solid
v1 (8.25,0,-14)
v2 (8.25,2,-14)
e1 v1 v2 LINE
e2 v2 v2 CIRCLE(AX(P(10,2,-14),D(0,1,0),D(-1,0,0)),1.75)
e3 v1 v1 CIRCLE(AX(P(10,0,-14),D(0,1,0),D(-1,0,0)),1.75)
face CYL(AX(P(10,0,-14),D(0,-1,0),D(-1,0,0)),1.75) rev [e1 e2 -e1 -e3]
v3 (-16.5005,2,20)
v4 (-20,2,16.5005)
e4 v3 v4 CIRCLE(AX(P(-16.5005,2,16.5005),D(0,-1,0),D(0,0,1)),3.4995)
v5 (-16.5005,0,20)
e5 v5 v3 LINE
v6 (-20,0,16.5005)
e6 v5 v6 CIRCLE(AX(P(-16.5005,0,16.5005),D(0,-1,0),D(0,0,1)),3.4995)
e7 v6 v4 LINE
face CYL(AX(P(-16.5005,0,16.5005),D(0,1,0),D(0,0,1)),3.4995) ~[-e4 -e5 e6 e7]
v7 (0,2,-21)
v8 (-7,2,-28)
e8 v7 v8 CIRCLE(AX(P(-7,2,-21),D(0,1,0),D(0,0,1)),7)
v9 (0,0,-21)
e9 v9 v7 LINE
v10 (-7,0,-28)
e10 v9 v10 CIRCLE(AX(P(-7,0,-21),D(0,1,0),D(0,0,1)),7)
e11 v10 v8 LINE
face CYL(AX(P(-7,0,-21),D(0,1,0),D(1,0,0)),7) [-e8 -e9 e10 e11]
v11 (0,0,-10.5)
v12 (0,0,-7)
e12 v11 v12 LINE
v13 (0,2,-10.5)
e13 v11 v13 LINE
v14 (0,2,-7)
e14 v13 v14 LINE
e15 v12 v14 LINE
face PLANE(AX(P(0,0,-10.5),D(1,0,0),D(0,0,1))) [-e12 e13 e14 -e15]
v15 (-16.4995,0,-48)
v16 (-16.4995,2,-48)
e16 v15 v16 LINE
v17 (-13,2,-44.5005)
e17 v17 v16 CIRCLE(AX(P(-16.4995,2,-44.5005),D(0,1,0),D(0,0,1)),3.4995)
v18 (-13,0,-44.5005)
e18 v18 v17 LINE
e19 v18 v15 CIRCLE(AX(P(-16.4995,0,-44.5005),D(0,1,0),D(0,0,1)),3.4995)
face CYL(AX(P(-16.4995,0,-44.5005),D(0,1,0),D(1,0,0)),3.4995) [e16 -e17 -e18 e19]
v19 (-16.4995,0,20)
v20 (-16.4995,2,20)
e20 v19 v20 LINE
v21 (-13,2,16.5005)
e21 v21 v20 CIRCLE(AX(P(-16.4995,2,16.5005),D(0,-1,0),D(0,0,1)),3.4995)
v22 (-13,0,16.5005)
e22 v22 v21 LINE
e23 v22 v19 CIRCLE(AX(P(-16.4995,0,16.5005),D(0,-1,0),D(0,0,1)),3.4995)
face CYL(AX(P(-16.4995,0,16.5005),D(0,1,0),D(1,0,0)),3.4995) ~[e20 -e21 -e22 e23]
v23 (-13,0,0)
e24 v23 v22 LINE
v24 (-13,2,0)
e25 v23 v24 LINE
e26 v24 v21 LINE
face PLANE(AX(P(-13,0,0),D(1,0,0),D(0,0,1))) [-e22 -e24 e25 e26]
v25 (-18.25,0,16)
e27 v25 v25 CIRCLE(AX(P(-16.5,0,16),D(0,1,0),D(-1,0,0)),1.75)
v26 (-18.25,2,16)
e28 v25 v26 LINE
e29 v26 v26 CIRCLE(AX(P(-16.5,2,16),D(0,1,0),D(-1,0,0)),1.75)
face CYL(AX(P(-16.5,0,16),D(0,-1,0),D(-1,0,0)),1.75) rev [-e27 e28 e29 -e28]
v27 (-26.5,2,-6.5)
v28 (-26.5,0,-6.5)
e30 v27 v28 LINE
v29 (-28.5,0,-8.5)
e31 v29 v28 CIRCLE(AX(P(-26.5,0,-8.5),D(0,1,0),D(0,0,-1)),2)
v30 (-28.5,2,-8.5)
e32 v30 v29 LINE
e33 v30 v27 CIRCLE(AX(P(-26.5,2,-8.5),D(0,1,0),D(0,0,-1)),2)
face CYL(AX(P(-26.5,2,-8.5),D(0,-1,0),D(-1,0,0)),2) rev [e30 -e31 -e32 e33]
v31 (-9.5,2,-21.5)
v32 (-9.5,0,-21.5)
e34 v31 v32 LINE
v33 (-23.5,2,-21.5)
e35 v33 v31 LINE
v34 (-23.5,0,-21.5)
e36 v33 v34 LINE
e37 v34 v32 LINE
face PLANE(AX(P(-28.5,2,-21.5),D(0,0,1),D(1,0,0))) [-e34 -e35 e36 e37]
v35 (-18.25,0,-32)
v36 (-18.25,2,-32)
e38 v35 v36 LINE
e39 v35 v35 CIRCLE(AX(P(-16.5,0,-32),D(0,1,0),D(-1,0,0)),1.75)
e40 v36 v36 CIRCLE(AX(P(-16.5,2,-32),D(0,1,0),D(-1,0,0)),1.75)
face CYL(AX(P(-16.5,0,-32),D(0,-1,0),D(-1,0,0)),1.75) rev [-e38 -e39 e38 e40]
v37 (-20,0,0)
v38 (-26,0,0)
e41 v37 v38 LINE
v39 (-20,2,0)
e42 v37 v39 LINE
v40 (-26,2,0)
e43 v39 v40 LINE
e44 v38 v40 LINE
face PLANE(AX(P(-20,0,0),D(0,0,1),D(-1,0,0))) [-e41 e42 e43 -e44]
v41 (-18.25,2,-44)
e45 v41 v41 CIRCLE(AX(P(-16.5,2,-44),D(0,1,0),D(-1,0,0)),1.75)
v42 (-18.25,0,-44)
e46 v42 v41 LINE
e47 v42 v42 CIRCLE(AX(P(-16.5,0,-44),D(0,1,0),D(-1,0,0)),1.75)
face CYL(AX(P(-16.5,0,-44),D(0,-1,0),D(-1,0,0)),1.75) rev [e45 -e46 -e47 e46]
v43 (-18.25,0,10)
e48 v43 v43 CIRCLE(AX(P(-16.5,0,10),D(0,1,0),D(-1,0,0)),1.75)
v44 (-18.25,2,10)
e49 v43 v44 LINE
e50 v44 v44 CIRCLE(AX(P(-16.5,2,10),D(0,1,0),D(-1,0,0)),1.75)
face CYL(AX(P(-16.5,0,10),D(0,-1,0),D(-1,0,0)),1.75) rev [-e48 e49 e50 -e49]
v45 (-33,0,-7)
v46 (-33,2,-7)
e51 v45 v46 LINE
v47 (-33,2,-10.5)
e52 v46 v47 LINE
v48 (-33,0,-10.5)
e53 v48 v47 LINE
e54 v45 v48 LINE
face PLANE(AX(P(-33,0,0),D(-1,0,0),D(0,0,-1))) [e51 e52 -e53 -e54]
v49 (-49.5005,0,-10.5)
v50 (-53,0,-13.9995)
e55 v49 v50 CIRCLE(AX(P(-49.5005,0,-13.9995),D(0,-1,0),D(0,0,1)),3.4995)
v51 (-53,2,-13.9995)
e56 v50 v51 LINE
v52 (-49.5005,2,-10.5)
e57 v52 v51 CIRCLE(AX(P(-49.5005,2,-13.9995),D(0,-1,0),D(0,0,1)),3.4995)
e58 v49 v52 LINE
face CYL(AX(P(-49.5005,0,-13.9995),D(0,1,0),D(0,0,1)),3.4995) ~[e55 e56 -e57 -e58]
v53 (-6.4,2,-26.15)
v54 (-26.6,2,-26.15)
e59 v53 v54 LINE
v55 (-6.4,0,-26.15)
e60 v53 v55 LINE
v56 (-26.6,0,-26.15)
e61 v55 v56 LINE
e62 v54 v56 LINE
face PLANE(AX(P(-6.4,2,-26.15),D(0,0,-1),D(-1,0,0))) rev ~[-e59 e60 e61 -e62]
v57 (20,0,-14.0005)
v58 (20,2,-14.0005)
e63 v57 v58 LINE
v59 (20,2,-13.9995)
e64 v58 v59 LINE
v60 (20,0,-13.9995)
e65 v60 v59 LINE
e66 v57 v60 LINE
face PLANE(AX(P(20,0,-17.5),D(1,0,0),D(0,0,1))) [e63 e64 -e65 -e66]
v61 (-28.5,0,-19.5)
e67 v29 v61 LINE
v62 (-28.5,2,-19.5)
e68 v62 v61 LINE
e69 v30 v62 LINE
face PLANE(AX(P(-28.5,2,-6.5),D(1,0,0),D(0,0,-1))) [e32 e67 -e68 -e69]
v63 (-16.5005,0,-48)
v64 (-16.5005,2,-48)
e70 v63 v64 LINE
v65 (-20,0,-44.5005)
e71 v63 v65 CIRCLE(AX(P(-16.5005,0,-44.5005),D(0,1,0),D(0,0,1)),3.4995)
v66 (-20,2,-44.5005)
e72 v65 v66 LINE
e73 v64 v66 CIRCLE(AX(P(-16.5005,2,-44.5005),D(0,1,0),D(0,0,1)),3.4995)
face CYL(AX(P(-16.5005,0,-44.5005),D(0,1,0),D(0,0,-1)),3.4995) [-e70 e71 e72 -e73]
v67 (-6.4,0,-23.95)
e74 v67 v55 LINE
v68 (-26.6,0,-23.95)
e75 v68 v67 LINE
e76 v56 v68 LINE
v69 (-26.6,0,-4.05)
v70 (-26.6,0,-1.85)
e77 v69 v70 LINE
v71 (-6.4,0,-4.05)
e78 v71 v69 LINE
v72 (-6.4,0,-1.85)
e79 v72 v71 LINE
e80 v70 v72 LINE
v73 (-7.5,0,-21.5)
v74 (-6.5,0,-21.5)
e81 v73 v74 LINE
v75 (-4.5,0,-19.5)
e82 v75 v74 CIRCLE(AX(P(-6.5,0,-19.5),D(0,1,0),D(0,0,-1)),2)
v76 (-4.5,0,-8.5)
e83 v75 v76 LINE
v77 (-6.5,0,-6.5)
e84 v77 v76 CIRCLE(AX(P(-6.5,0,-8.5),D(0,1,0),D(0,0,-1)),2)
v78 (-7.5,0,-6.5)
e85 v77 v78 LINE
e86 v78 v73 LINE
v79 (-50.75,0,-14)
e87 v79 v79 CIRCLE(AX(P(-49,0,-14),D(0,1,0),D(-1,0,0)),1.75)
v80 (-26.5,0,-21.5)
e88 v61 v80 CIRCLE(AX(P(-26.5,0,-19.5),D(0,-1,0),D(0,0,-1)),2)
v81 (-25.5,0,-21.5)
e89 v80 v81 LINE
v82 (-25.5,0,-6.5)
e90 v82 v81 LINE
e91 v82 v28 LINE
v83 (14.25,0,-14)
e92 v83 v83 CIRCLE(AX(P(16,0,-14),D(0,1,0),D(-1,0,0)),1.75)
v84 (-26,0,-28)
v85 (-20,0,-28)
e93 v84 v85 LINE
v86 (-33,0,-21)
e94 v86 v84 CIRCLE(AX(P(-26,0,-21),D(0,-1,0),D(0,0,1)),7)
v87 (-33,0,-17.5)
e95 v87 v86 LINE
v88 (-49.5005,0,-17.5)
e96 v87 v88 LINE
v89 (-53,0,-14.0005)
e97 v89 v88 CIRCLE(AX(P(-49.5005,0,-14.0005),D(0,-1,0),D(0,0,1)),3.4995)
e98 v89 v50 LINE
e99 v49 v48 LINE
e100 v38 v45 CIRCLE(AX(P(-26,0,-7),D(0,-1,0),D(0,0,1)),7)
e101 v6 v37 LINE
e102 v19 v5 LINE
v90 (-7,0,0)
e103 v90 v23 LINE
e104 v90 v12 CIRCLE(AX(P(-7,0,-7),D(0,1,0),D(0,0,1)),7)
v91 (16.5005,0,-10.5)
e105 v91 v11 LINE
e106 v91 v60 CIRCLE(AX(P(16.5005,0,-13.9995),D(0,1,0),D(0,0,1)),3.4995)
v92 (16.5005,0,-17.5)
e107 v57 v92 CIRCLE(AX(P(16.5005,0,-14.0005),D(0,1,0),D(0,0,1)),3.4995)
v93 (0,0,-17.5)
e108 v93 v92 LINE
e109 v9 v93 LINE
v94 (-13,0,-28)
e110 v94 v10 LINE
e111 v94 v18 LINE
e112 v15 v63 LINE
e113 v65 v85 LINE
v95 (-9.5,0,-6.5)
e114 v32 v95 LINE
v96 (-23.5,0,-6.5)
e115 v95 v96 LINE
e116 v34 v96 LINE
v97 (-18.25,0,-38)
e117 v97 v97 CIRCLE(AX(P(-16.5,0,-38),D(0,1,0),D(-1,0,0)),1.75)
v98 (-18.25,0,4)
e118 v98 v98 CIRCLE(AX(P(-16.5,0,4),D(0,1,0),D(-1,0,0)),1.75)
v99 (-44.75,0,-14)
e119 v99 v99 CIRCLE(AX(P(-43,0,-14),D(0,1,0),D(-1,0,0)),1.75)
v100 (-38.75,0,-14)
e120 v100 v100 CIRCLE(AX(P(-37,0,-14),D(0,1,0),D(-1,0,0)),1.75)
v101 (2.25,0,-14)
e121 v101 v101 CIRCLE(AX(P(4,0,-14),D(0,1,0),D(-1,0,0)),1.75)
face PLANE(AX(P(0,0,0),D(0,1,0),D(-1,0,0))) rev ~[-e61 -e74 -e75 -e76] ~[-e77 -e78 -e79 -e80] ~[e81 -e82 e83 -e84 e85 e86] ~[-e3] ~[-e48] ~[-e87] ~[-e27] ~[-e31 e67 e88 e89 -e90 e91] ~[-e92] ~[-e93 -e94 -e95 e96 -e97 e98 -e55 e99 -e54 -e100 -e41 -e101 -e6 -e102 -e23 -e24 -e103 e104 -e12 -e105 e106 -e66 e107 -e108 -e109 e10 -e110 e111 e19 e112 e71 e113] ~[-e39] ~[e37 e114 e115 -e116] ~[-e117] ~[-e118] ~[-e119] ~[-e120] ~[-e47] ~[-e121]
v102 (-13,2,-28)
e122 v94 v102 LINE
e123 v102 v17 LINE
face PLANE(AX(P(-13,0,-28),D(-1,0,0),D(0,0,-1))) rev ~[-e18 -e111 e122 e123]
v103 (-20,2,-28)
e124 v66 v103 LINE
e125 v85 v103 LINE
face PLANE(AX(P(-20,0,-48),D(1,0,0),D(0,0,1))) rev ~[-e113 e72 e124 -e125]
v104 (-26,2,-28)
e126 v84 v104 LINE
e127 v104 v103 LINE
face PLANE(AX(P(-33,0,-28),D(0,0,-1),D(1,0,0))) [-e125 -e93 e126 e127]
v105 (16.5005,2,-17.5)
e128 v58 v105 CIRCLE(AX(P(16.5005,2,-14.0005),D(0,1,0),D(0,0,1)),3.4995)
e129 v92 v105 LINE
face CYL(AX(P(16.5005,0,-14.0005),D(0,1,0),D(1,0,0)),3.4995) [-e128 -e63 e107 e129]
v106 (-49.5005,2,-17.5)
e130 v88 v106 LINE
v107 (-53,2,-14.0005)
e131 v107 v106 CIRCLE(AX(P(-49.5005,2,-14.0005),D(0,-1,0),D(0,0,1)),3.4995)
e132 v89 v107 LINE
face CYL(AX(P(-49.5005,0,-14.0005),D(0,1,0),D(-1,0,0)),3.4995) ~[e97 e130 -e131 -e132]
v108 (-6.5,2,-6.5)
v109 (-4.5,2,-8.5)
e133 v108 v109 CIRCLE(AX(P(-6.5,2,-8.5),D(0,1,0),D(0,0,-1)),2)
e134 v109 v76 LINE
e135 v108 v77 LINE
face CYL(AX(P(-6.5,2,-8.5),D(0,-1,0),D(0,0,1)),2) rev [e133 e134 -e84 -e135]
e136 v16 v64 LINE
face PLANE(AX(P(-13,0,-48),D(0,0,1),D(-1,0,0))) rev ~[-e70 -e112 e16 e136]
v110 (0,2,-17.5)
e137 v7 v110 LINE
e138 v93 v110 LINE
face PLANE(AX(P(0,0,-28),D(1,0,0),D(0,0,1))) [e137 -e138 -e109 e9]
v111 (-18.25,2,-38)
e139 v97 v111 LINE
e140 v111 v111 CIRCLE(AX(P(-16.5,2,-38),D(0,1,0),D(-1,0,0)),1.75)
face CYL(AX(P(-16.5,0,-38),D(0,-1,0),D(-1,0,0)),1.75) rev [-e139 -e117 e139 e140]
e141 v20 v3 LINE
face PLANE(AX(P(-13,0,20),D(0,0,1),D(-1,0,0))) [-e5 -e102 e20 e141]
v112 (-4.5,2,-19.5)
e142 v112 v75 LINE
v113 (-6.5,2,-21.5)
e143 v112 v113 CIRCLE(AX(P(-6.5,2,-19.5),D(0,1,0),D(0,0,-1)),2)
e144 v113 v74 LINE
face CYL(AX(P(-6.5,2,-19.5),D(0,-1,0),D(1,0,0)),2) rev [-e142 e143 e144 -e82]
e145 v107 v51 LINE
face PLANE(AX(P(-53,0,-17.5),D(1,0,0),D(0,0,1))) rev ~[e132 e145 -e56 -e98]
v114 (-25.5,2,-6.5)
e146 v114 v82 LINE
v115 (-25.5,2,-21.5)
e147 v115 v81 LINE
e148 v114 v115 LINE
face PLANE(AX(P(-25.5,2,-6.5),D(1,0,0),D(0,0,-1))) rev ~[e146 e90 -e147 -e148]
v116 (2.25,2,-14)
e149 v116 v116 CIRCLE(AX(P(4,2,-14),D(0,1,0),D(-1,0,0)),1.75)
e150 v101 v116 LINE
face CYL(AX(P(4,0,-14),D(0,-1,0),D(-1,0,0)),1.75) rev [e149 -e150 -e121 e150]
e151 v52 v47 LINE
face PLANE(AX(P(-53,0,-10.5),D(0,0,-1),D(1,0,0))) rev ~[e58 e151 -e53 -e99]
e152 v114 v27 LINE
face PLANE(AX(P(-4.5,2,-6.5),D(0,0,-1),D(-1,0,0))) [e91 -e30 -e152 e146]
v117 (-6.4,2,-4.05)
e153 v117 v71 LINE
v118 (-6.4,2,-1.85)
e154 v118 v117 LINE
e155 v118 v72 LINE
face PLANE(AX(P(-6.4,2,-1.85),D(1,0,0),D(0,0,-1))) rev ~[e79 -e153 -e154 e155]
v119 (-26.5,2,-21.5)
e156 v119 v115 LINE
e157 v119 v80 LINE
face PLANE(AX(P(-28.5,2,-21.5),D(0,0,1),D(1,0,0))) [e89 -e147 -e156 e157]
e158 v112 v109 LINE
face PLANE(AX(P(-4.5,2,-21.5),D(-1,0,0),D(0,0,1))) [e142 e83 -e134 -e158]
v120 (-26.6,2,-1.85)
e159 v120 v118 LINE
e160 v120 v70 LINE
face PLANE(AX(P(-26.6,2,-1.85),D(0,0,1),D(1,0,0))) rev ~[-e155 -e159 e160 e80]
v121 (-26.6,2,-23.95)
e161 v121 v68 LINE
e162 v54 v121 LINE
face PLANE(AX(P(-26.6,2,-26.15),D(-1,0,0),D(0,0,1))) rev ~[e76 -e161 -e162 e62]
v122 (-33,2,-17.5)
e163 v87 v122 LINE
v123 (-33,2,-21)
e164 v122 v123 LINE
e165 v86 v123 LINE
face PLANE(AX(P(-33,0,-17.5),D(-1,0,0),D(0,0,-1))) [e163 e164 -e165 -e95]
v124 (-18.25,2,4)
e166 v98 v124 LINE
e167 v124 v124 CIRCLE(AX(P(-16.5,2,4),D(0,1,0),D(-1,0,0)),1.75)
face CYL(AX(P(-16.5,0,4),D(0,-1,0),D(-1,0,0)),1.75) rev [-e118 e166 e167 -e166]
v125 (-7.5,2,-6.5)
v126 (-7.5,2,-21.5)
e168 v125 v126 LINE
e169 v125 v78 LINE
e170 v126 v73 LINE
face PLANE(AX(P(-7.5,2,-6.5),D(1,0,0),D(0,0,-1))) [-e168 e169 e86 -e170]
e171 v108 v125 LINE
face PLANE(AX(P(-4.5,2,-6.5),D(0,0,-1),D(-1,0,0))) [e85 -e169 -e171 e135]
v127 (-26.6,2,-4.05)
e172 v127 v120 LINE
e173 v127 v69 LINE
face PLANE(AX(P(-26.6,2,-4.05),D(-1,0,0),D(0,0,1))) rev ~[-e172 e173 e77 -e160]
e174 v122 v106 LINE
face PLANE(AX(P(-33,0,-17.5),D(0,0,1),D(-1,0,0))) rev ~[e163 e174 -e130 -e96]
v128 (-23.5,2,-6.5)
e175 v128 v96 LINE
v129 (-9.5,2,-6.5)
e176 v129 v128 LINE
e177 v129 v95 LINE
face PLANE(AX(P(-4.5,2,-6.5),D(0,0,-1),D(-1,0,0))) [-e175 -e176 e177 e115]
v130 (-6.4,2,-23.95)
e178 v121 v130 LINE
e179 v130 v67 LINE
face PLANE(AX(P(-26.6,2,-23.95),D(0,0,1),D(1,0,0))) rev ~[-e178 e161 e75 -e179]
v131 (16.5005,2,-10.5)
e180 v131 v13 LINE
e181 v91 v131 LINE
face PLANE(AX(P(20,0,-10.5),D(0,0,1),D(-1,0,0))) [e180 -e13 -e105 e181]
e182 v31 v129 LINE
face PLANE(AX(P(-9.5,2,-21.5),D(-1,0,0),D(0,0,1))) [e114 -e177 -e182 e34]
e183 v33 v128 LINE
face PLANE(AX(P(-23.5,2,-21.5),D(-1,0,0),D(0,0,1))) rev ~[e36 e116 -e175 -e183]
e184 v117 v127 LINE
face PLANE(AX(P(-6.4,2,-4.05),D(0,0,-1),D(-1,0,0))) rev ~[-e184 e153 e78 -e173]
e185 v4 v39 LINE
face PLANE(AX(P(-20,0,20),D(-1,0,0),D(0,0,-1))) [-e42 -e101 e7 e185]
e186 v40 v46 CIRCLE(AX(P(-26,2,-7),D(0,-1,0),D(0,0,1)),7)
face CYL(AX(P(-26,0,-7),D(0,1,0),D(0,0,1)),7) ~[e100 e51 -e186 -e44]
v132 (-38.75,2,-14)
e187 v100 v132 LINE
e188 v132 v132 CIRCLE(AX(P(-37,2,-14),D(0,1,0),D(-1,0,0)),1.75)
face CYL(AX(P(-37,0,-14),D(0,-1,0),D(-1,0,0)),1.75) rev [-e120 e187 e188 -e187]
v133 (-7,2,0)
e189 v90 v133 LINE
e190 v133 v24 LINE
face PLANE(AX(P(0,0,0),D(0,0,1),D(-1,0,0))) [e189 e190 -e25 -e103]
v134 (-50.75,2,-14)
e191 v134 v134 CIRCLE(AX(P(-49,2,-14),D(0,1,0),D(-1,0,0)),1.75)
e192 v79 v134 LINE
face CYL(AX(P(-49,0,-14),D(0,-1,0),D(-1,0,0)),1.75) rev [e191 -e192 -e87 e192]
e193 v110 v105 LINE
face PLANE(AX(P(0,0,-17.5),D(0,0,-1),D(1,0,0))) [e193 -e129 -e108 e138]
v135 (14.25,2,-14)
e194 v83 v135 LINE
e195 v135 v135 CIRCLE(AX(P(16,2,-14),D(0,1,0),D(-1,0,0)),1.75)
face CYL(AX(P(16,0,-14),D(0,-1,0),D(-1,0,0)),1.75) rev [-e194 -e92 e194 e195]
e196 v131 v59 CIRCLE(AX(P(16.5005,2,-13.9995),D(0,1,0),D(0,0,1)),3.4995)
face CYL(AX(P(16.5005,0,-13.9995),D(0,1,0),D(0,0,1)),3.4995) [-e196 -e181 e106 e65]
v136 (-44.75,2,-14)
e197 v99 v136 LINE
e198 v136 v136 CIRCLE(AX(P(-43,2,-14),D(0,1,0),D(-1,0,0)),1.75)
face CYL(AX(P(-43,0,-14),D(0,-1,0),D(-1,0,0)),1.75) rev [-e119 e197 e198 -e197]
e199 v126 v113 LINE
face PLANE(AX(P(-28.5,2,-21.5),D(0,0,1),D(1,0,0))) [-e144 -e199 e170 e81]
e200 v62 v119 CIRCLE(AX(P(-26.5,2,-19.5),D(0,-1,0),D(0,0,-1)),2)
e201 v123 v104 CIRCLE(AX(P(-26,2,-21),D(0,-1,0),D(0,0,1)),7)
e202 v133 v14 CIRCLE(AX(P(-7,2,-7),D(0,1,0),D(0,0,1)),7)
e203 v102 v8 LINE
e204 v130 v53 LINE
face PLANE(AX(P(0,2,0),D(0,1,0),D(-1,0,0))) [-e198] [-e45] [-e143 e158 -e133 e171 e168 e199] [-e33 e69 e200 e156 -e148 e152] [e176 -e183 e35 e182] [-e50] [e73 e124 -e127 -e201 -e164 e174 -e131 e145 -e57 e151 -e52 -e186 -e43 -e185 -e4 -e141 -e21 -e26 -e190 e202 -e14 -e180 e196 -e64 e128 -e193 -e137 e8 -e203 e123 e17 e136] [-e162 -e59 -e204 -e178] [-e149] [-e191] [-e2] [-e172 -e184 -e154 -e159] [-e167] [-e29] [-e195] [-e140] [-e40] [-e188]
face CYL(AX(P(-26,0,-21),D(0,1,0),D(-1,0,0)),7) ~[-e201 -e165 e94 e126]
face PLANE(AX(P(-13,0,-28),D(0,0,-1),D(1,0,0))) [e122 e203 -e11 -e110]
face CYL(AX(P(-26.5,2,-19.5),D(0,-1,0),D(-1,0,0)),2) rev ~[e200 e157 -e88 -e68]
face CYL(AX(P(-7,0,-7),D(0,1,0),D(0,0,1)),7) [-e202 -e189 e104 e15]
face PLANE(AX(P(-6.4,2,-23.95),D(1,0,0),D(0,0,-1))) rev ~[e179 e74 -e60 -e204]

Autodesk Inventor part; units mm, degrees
ref_plane "YZ Plane" through (0, 0, 0) normal (1, 0, 0) x (0, 1, 0)
ref_plane "XZ Plane" through (0, 0, 0) normal (0, 1, 0) x (-1, 0, 0)
ref_plane "XY Plane" through (0, 0, 0) normal (0, 0, 1) x (1, 0, 0)
sketch "Sketch1" plane through (0, 0, 0) normal (0, 1, 0) x (-1, 0, 0)
  line L0 (0, 0) -> (33, 0)
  line L1 (33, 0) -> (33, -28)
  line L2 (33, -28) -> (0, -28)
  line L3 (0, -28) -> (0, 0)
  line L4 (0, -17.5) -> (-20, -17.5)
  line L5 (-20, -17.5) -> (-20, -10.5)
  line L6 (-20, -10.5) -> (0, -10.5)
  line L7 (0, -10.5) -> (0, -17.5)
  line L8 (33, -17.5) -> (53, -17.5)
  line L9 (53, -17.5) -> (53, -10.5)
  line L10 (53, -10.5) -> (33, -10.5)
  line L11 (33, -10.5) -> (33, -17.5)
  line L12 (20, -28) -> (13, -28)
  line L13 (13, -28) -> (13, -48)
  line L14 (13, -48) -> (20, -48)
  line L15 (20, -48) -> (20, -28)
  line L16 (20, 0) -> (13, 0)
  line L17 (13, 0) -> (13, 20)
  line L18 (13, 20) -> (20, 20)
  line L19 (20, 20) -> (20, 0)
  circle A0 centre (16.5, -44) radius 1.75
  circle A1 centre (-16, -14) radius 1.75
  circle A2 centre (16.5, 16) radius 1.75
  circle A3 centre (49, -14) radius 1.75
  line L20 (16.5, -44) -> (16.5, -48) construction
  line L21 (-16, -14) -> (-20, -14) construction
  line L22 (16.5, 16) -> (16.5, 20) construction
  line L23 (49, -14) -> (53, -14) construction
  circle A4 centre (43, -14) radius 1.75
  circle A5 centre (37, -14) radius 1.75
  circle A6 centre (16.5, -38) radius 1.75
  circle A7 centre (16.5, -32) radius 1.75
  circle A8 centre (-10, -14) radius 1.75
  circle A9 centre (-4, -14) radius 1.75
  circle A10 centre (16.5, 10) radius 1.75
  circle A11 centre (16.5, 4) radius 1.75
  point P0 (16.5, -28)
  point P1 (16.5, 0)
  point P2 (0, -14)
  point P3 (33, -14)
  dimension "d0" = 33
  dimension "d1" = 28
  dimension "d29" = 7
  dimension "d34" = 20
  dimension "d35" = 4
  dimension "d36" = 3.5
  dimension "d44" = 6
  dimension "d51" = 6
  dimension "d58" = 6
  dimension "d65" = 6
extrude "Extrusion1" add sketch "Sketch1" along normal blind 2
sketch "Sketch2" plane through (0, 2, 0) normal (0, 1, 0) x (1, 0, 0)
  line L0 (0, 28) -> (-13, 28) projected
  line L1 (-33, 28) -> (-33, 17.5) projected
  line L2 (-33, 0) -> (-20, 0) projected
  line L3 (0, 0) -> (0, 10.5) projected
  line L4 (-26.6, 1.85) -> (-6.4, 1.85)
  line L5 (-6.4, 1.85) -> (-6.4, 4.05)
  line L6 (-6.4, 4.05) -> (-26.6, 4.05)
  line L7 (-26.6, 4.05) -> (-26.6, 1.85)
  line L8 (-26.6, 23.95) -> (-6.4, 23.95)
  line L9 (-6.4, 23.95) -> (-6.4, 26.15)
  line L10 (-6.4, 26.15) -> (-26.6, 26.15)
  line L11 (-26.6, 26.15) -> (-26.6, 23.95)
  line L12 (-26.6, 1.85) -> (-33, 1.85)
  line L13 (-26.6, 1.85) -> (-26.6, 0)
  line L14 (-26.6, 26.15) -> (-26.6, 28)
  line L15 (-6.4, 4.05) -> (0, 4.05)
  line L16 (-13, 28) -> (-13, 48) projected
  line L17 (-13, 48) -> (-20, 48) projected
  line L18 (-20, 48) -> (-20, 28) projected
  line L19 (-20, 28) -> (-33, 28) projected
  line L20 (-33, 17.5) -> (-53, 17.5) projected
  line L21 (-53, 17.5) -> (-53, 10.5) projected
  line L22 (-53, 10.5) -> (-33, 10.5) projected
  line L23 (-33, 10.5) -> (-33, 0) projected
  line L24 (-20, 0) -> (-20, -20) projected
  line L25 (-20, -20) -> (-13, -20) projected
  line L26 (-13, -20) -> (-13, 0) projected
  line L27 (-13, 0) -> (0, 0) projected
  line L28 (0, 10.5) -> (20, 10.5) projected
  line L29 (20, 10.5) -> (20, 17.5) projected
  line L30 (20, 17.5) -> (0, 17.5) projected
  line L31 (0, 17.5) -> (0, 28) projected
  line L32 (-28.5, 21.5) -> (-4.5, 21.5)
  line L33 (-4.5, 21.5) -> (-4.5, 6.5)
  line L34 (-4.5, 6.5) -> (-28.5, 6.5)
  line L35 (-28.5, 6.5) -> (-28.5, 21.5)
  line L36 (-28.5, 21.5) -> (-4.5, 6.5) construction
  line L37 (-4.5, 21.5) -> (-28.5, 6.5) construction
  point P0 (-16.5, 14)
  point P1 (-16.5, 23.95)
  point P2 (20, 14)
  dimension "d4" = 2.2
  dimension "d5" = 20.2
  dimension "d6" = 19.9
  dimension "d37" = 24
  dimension "d38" = 15
extrude "Extrusion2" cut sketch "Sketch2" against normal through all contours L10 L9 L8 L11 | L5 L4 L7 L6 | L32 L33 L34 L35
fillet "Fillet1" radius 3.5 8 edges at (-20, 1, 20) (-13, 1, 20) (20, 1, -10.5) (20, 1, -17.5) (-13, 1, -48) (-20, 1, -48) (-53, 1, -17.5) (-53, 1, -10.5)
fillet "Fillet2" radius 7 4 edges at (-33, 1, 0) (-33, 1, -28) (0, 1, -28) (0, 1, 0)
fillet "Fillet3" radius 2 4 edges at (-28.5, 1, -21.5) (-4.5, 1, -21.5) (-28.5, 1, -6.5) (-4.5, 1, -6.5)
sketch "Sketch4" plane through (0, 2, 0) normal (0, 1, 0) x (1, 0, 0)
  arc A0 (-4.5, 19.5) -> (-6.5, 21.5) centre (-6.5, 19.5) ccw construction
  line L0 (-26.5, 21.5) -> (-6.5, 21.5) construction
  line L1 (-4.5, 19.5) -> (-4.5, 8.5) construction
  arc A1 (-6.5, 6.5) -> (-4.5, 8.5) centre (-6.5, 8.5) ccw construction
  line L2 (-6.5, 6.5) -> (-26.5, 6.5) construction
  arc A2 (-28.5, 8.5) -> (-26.5, 6.5) centre (-26.5, 8.5) ccw construction
  line L3 (-28.5, 8.5) -> (-28.5, 19.5) construction
  arc A3 (-26.5, 21.5) -> (-28.5, 19.5) centre (-26.5, 19.5) ccw construction
  line L4 (-25.5, 21.5) -> (-23.5, 21.5)
  line L5 (-23.5, 21.5) -> (-23.5, 6.5)
  line L6 (-23.5, 6.5) -> (-25.5, 6.5)
  line L7 (-25.5, 6.5) -> (-25.5, 21.5)
  line L8 (-9.5, 6.5) -> (-7.5, 6.5)
  line L9 (-7.5, 6.5) -> (-7.5, 21.5)
  line L10 (-7.5, 21.5) -> (-9.5, 21.5)
  line L11 (-9.5, 21.5) -> (-9.5, 6.5)
  point P0 (0, 0)
  dimension "d70" = 3
  dimension "d71" = 3
  dimension "d72" = 2
extrude "Extrusion4" add sketch "Sketch4" against normal up to surface (2 mm away)
properties part number "SoporteMarkers12"
